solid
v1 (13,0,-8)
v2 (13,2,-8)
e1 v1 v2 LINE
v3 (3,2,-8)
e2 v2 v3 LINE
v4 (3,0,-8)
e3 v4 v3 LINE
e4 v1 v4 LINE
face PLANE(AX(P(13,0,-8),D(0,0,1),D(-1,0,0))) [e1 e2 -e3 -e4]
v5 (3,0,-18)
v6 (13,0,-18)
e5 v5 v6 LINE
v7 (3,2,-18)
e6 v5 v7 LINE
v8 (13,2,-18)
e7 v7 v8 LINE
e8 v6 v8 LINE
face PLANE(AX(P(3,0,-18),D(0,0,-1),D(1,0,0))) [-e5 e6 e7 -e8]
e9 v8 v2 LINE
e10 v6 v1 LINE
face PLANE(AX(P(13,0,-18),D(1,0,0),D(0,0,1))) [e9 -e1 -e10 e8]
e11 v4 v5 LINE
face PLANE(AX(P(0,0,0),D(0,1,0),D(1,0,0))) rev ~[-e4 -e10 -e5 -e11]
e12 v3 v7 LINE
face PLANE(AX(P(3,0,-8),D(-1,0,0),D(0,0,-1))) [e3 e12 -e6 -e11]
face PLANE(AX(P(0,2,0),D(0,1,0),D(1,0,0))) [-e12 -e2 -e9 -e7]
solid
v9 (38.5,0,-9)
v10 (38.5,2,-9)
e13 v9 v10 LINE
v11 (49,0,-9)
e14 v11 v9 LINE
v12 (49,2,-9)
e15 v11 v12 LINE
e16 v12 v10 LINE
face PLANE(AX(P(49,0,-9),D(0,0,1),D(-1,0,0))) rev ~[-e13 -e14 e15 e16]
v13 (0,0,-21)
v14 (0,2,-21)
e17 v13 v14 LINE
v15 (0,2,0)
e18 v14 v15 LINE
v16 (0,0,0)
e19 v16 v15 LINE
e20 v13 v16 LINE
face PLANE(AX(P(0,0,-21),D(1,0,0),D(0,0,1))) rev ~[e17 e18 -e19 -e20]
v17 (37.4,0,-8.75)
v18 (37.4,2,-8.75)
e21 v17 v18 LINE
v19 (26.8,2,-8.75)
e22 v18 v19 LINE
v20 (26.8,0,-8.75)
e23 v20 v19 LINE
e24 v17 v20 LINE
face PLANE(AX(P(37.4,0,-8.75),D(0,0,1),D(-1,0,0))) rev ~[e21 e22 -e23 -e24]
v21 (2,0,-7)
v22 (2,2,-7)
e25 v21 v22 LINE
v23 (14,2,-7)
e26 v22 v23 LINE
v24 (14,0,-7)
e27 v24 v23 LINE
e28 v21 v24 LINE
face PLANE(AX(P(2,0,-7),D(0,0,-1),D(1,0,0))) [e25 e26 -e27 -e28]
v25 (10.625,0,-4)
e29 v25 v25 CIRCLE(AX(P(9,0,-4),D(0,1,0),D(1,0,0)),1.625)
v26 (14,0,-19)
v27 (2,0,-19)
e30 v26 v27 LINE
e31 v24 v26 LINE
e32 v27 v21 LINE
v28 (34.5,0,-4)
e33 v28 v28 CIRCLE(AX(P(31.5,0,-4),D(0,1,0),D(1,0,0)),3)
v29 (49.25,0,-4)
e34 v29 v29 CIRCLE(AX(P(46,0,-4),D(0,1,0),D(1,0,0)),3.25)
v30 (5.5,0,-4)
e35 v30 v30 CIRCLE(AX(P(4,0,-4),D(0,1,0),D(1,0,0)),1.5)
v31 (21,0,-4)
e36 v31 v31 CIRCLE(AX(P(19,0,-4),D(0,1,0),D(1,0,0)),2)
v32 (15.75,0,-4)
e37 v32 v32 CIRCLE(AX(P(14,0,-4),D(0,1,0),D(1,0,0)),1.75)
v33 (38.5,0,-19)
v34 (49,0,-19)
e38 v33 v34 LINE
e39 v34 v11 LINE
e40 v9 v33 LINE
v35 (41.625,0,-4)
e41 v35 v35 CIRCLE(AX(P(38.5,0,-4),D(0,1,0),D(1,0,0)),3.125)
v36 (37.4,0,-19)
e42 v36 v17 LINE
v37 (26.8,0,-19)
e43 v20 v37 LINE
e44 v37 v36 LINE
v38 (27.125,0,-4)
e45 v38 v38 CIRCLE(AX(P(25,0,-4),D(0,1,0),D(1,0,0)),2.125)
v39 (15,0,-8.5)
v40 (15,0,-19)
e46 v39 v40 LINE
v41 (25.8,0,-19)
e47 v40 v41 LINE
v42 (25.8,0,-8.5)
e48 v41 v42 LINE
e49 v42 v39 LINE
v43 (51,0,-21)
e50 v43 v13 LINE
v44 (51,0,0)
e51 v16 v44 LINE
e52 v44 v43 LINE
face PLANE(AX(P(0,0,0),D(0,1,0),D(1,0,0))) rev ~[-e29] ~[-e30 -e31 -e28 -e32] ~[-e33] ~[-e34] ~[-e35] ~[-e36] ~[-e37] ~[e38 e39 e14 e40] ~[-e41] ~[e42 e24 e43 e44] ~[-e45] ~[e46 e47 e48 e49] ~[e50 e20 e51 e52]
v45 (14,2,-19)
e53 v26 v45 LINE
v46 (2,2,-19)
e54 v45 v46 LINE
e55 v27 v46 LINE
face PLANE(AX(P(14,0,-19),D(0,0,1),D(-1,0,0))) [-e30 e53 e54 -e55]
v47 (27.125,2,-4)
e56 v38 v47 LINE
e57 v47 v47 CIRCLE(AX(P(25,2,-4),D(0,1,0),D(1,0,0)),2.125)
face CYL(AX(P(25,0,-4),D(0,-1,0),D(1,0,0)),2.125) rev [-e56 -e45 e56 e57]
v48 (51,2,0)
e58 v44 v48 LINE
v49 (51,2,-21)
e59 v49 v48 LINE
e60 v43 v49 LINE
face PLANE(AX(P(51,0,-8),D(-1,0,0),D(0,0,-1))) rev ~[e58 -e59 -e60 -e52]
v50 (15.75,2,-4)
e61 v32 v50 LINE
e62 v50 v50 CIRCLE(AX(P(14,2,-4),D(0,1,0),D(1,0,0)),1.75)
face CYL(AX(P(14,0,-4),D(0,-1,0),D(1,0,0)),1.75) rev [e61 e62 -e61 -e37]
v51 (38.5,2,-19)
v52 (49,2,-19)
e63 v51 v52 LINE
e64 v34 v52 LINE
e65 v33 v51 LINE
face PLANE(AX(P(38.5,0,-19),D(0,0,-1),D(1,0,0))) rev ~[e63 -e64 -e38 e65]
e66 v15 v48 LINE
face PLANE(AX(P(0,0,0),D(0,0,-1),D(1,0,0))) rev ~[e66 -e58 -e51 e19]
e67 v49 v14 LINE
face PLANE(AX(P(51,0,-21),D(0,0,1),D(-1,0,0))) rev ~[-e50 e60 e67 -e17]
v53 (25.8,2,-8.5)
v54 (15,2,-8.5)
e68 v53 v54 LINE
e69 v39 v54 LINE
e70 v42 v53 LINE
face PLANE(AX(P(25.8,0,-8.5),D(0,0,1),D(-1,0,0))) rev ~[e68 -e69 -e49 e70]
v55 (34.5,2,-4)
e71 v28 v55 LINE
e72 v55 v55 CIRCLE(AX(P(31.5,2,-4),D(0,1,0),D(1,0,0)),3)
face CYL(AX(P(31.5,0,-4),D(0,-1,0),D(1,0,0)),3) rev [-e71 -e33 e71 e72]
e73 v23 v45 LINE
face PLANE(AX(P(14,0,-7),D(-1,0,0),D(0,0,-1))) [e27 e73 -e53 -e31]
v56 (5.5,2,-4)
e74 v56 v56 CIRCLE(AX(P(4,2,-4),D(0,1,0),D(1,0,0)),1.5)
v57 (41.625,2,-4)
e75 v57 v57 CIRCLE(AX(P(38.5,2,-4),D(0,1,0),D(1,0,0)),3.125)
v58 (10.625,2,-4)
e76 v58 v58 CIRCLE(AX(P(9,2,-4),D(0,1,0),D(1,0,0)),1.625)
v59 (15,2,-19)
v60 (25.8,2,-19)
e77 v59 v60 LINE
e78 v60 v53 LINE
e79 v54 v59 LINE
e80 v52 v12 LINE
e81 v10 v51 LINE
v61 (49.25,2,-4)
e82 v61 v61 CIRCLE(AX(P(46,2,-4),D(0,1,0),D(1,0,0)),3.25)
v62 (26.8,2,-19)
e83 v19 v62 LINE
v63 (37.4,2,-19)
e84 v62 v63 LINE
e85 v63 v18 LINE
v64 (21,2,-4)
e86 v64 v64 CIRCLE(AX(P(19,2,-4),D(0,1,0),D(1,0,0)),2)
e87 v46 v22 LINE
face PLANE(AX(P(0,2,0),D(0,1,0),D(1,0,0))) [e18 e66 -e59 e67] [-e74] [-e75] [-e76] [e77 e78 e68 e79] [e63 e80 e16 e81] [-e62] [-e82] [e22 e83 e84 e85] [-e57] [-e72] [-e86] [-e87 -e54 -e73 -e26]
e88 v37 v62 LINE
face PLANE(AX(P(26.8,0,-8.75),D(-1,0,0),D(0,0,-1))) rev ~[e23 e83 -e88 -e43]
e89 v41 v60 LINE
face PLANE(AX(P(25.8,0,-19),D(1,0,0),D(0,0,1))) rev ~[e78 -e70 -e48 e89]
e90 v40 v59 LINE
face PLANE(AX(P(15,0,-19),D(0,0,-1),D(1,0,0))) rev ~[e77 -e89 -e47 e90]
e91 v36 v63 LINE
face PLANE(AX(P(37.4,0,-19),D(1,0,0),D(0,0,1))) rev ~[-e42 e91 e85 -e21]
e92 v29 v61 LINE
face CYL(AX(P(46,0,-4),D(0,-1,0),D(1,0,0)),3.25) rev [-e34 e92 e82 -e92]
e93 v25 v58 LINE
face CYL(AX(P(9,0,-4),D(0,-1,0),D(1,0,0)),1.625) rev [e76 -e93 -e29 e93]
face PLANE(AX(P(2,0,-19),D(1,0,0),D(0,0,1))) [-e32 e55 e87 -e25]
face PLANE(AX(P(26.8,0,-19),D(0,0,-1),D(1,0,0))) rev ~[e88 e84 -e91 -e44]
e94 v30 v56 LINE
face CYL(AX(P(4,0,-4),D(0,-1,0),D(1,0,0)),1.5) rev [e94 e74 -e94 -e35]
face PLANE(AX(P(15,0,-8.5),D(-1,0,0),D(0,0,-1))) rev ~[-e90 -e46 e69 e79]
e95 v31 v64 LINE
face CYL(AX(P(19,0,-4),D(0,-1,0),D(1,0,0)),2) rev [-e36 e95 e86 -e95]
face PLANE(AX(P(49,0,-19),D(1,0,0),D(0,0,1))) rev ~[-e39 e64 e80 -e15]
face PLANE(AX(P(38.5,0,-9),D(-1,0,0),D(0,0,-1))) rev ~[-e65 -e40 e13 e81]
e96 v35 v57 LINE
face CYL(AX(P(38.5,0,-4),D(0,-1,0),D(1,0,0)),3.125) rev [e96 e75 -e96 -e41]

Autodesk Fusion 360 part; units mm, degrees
sketch "Sketch1" plane through (0, 0, 0) normal (0, 1, 0) x (1, 0, 0)
  line L0 (51, 21) -> (0, 21)
  line L1 (0, 21) -> (0, 0)
  circle A0 centre (4, 4) radius 1.5
  circle A1 centre (9, 4) radius 1.625
  circle A2 centre (14, 4) radius 1.75
  circle A3 centre (19, 4) radius 2
  circle A4 centre (25, 4) radius 2.125
  line L2 (38.5, 19) -> (49, 19)
  line L3 (49, 19) -> (49, 9)
  line L4 (49, 9) -> (38.5, 9)
  line L5 (38.5, 9) -> (38.5, 19)
  line L6 (26.8, 19) -> (37.4, 19)
  line L7 (37.4, 19) -> (37.4, 8.75)
  line L8 (37.4, 8.75) -> (26.8, 8.75)
  line L9 (26.8, 8.75) -> (26.8, 19)
  line L10 (15, 19) -> (25.8, 19)
  line L11 (25.8, 19) -> (25.8, 8.5)
  line L12 (25.8, 8.5) -> (15, 8.5)
  line L13 (15, 8.5) -> (15, 19)
  line L14 (3, 18) -> (13, 18)
  line L15 (13, 18) -> (13, 8)
  line L16 (13, 8) -> (3, 8)
  line L17 (3, 8) -> (3, 18)
  line L18 (2, 7) -> (14, 7)
  line L19 (14, 7) -> (14, 19)
  line L20 (14, 19) -> (2, 19)
  line L21 (2, 19) -> (2, 7)
  circle A5 centre (31.5, 4) radius 3
  line L22 (0, 0) -> (51, 0)
  line L23 (51, 0) -> (51, 8)
  line L24 (51, 8) -> (51, 21)
  line L25 (2, 19) -> (14, 7) construction
  line L26 (13, 18) -> (3, 8) construction
  line L27 (0, 4) -> (51, 4) construction
  circle A6 centre (38.5, 4) radius 3.125
  circle A7 centre (46, 4) radius 3.25
  point P0 (8, 13)
  point P1 (8, 13)
  dimension "d1" = 3
  dimension "d2" = 3.25
  dimension "d3" = 3.5
  dimension "d4" = 4
  dimension "d5" = 4.25
  dimension "d6" = 10.25
  dimension "d7" = 10.5
  dimension "d8" = 10
  dimension "d9" = 10
  dimension "d10" = 12
  dimension "d11" = 12
  dimension "d12" = 6
  dimension "d13" = 10.8
  dimension "d14" = 10.6
  dimension "d15" = 10.5
  dimension "d16" = 10
  dimension "d17" = 2
  dimension "d18" = 2
  dimension "d19" = 2
  dimension "d20" = 13
  dimension "d21" = 51
  dimension "d22" = 21
  dimension "d23" = 1
  dimension "d24" = 1
  dimension "d25" = 1.1
  dimension "d26" = 4
  dimension "d27" = 9
  dimension "d28" = 14
  dimension "d29" = 19
  dimension "d30" = 25
  dimension "d31" = 31.5
  dimension "d32" = 6.25
  dimension "d33" = 6.5
  dimension "d34" = 38.5
  dimension "d35" = 46
extrude "Extrude1" add sketch "Sketch1" along normal blind 2 makes body 1 at (20.0817, 0, -7.65) makes body 2 at (6.3333, 0, -14.6667)
